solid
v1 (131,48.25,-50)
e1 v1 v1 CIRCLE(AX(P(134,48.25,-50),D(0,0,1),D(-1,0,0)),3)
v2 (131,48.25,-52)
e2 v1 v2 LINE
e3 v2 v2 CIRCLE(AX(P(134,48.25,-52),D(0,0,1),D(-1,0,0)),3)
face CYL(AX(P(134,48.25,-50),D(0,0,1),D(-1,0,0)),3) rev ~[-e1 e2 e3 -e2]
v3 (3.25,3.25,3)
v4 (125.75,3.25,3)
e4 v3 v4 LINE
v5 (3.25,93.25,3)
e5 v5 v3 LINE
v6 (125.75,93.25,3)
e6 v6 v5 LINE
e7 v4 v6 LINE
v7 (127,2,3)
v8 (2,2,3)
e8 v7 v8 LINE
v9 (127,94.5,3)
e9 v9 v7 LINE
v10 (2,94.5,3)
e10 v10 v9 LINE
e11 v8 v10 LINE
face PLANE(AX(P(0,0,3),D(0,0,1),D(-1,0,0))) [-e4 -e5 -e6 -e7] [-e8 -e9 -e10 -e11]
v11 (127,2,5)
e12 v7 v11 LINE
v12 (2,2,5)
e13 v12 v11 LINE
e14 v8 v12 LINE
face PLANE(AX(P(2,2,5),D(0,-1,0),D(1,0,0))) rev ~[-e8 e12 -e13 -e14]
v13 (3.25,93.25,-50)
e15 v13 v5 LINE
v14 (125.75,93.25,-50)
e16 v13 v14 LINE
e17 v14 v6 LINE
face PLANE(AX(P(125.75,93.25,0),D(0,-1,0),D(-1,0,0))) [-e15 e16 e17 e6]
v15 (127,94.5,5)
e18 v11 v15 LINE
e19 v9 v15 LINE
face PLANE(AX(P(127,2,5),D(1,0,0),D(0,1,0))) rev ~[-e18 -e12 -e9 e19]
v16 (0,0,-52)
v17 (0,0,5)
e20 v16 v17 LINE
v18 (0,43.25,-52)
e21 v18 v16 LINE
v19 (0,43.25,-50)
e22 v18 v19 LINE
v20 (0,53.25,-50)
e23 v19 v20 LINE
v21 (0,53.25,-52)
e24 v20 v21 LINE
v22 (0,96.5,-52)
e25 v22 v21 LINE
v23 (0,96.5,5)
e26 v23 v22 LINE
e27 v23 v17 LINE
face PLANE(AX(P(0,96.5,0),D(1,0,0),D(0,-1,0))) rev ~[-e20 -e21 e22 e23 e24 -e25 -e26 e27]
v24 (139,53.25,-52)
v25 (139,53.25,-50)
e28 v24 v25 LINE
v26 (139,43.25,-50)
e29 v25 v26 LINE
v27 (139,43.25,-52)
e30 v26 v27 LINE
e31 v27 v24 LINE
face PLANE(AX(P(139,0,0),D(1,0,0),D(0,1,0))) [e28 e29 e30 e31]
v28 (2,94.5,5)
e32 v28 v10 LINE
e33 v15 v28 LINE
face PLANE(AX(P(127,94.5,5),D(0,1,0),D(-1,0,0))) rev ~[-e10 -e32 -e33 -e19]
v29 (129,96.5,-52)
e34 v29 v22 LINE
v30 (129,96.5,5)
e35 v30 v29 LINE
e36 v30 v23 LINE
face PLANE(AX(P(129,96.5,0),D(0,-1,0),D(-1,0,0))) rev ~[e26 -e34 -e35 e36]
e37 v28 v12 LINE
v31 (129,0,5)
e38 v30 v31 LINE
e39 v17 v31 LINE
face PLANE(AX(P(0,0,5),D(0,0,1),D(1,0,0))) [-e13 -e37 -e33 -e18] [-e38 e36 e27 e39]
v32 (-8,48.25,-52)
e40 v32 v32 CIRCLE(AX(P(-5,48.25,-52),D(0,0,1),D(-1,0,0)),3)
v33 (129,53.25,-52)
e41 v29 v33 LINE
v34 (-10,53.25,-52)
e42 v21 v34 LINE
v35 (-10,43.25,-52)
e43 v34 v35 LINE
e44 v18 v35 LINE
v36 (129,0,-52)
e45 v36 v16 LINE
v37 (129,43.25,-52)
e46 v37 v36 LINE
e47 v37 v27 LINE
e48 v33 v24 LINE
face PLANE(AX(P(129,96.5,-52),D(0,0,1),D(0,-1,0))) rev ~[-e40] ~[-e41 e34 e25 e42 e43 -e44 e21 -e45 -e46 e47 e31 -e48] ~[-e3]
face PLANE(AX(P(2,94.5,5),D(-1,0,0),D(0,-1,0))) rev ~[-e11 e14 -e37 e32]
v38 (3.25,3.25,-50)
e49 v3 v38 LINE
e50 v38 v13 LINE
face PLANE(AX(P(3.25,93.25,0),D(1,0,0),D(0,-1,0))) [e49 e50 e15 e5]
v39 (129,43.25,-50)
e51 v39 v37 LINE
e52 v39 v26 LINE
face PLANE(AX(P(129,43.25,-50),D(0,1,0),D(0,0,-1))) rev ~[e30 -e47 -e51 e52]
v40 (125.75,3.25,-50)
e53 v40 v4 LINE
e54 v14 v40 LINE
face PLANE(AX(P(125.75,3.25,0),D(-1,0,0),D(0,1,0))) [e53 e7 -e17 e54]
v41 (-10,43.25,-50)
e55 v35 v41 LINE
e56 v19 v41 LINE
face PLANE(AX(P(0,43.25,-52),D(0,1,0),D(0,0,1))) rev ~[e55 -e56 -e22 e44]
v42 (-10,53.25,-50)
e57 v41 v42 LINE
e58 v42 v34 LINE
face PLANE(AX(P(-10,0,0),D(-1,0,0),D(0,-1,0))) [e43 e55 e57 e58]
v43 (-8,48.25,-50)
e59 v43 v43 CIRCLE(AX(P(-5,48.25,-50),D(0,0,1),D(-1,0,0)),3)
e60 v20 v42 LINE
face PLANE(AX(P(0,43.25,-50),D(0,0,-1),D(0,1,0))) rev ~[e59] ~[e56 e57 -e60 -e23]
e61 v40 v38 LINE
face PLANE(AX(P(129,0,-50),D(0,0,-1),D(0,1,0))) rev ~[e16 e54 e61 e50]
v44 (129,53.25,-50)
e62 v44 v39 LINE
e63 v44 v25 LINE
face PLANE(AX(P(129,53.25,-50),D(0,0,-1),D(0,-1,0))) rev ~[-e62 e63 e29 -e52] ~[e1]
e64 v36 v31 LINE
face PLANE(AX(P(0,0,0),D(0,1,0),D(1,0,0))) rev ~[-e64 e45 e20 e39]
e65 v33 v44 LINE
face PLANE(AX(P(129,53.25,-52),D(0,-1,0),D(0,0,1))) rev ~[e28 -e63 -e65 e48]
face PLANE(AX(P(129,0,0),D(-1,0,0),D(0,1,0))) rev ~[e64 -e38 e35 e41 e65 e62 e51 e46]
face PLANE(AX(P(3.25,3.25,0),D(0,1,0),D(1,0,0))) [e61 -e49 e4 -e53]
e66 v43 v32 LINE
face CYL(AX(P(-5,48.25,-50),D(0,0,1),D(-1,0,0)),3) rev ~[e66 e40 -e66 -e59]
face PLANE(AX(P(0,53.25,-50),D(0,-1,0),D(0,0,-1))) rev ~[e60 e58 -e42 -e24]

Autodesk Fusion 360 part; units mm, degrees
sketch "Sketch1" plane through (0, 0, 0) normal (0, 0, 1) x (1, 0, 0)
  line L0 (0, 0) -> (129, 0)
  line L1 (129, 0) -> (129, 96.5)
  line L2 (129, 96.5) -> (0, 96.5)
  line L3 (0, 96.5) -> (0, 0)
  line L4 (3.25, 3.25) -> (125.75, 3.25)
  line L5 (125.75, 3.25) -> (125.75, 93.25)
  line L6 (125.75, 93.25) -> (3.25, 93.25)
  line L7 (3.25, 93.25) -> (3.25, 3.25)
  dimension "d1" = 129
  dimension "d2" = 96.5
  dimension "d3" = 122.5
  dimension "d4" = 90
  dimension "d5" = 3.25
  dimension "d6" = 3.25
extrude "Extrude1" add sketch "Sketch1" along normal blind 5
sketch "Sketch2" plane through (0, 0, 5) normal (0, 0, 1) x (-1, 0, 0)
  line L0 (-3.25, -3.25) -> (-3.25, -93.25)
  line L1 (-3.25, -93.25) -> (-125.75, -93.25)
  line L2 (-125.75, -93.25) -> (-125.75, -3.25)
  line L3 (-125.75, -3.25) -> (-3.25, -3.25)
  line L4 (0, -96.5) -> (0, 0)
  line L5 (0, 0) -> (-129, 0)
  line L6 (-129, 0) -> (-129, -96.5)
  line L7 (-129, -96.5) -> (0, -96.5)
  line L8 (-2, -2) -> (-127, -2)
  line L9 (-127, -2) -> (-127, -94.5)
  line L10 (-127, -94.5) -> (-2, -94.5)
  line L11 (-2, -94.5) -> (-2, -2)
  dimension "d9" = 125
  dimension "d10" = 92.5
  dimension "d11" = 2
  dimension "d12" = 2
extrude "Extrude2" cut sketch "Sketch2" against normal blind 2 contours L8 L9 L10 L11
move_face "OffsetFaces1" offset 50 1 faces at (84.9167, 1.0833, 0)
sketch "Sketch4" plane through (129, 0, 0) normal (1, 0, 0) x (0, 1, 0)
  line L0 (0, -50) -> (96.5, -50)
  line L1 (96.5, -50) -> (96.5, 5)
  line L2 (96.5, 5) -> (0, 5)
  line L3 (0, 5) -> (0, -50)
  line L4 (0, -50) -> (96.5, -50)
  line L5 (96.5, -50) -> (96.5, -52)
  line L6 (96.5, -52) -> (0, -52)
  line L7 (0, -52) -> (0, -50)
  dimension "d18" = 96.5
  dimension "d19" = 2
extrude "Extrude3" add sketch "Sketch4" against normal blind 129 contours L0 L4 L5 L6 L7
sketch "Sketch5" plane through (129, 0, 0) normal (1, 0, 0) x (0, 1, 0)
  line L0 (96.5, -52) -> (96.5, 5)
  line L1 (96.5, 5) -> (0, 5)
  line L2 (0, 5) -> (0, -52)
  line L3 (0, -52) -> (96.5, -52)
  line L4 (43.25, -52) -> (53.25, -52)
  line L5 (53.25, -52) -> (53.25, -50)
  line L6 (53.25, -50) -> (43.25, -50)
  line L7 (43.25, -50) -> (43.25, -52)
  dimension "d22" = 10
  dimension "d23" = 2
  dimension "d24" = 43.25
sketch "Sketch6" plane through (0, 0, 0) normal (-1, 0, 0) x (0, -1, 0)
  line L0 (0, -52) -> (0, 5)
  line L1 (0, 5) -> (-96.5, 5)
  line L2 (-96.5, 5) -> (-96.5, -52)
  line L3 (-96.5, -52) -> (0, -52)
  line L4 (-53.25, -52) -> (-43.25, -52)
  line L5 (-43.25, -52) -> (-43.25, -50)
  line L6 (-43.25, -50) -> (-53.25, -50)
  line L7 (-53.25, -50) -> (-53.25, -52)
  dimension "d25" = 10
  dimension "d26" = 2
  dimension "d27" = 43.25
extrude "Extrude4" add sketch "Sketch6" along normal blind 10 contours L3 L4 L5 L6 L7
extrude "Extrude5" add sketch "Sketch5" along normal blind 10 contours L3 L4 L5 L6 L7
sketch "Sketch7" plane through (0, 0, -50) normal (0, 0, 1) x (-1, 0, 0)
  line L0 (0, -43.25) -> (0, -53.25)
  line L1 (0, -53.25) -> (10, -53.25)
  line L2 (10, -53.25) -> (10, -43.25)
  line L3 (10, -43.25) -> (0, -43.25)
  circle A0 centre (5, -48.25) radius 3
  dimension "d32" = 6
  dimension "d33" = 5
  dimension "d34" = 5
extrude "Extrude6" cut sketch "Sketch7" against normal blind 2 contours A0
sketch "Sketch8" plane through (0, 0, -50) normal (0, 0, 1) x (-1, 0, 0)
  line L0 (-129, -53.25) -> (-129, -43.25)
  line L1 (-129, -43.25) -> (-139, -43.25)
  line L2 (-139, -43.25) -> (-139, -53.25)
  line L3 (-139, -53.25) -> (-129, -53.25)
  circle A0 centre (-134, -48.25) radius 3
  dimension "d37" = 6
  dimension "d38" = 5
  dimension "d39" = 5
extrude "Extrude7" cut sketch "Sketch8" against normal blind 2 contours A0
